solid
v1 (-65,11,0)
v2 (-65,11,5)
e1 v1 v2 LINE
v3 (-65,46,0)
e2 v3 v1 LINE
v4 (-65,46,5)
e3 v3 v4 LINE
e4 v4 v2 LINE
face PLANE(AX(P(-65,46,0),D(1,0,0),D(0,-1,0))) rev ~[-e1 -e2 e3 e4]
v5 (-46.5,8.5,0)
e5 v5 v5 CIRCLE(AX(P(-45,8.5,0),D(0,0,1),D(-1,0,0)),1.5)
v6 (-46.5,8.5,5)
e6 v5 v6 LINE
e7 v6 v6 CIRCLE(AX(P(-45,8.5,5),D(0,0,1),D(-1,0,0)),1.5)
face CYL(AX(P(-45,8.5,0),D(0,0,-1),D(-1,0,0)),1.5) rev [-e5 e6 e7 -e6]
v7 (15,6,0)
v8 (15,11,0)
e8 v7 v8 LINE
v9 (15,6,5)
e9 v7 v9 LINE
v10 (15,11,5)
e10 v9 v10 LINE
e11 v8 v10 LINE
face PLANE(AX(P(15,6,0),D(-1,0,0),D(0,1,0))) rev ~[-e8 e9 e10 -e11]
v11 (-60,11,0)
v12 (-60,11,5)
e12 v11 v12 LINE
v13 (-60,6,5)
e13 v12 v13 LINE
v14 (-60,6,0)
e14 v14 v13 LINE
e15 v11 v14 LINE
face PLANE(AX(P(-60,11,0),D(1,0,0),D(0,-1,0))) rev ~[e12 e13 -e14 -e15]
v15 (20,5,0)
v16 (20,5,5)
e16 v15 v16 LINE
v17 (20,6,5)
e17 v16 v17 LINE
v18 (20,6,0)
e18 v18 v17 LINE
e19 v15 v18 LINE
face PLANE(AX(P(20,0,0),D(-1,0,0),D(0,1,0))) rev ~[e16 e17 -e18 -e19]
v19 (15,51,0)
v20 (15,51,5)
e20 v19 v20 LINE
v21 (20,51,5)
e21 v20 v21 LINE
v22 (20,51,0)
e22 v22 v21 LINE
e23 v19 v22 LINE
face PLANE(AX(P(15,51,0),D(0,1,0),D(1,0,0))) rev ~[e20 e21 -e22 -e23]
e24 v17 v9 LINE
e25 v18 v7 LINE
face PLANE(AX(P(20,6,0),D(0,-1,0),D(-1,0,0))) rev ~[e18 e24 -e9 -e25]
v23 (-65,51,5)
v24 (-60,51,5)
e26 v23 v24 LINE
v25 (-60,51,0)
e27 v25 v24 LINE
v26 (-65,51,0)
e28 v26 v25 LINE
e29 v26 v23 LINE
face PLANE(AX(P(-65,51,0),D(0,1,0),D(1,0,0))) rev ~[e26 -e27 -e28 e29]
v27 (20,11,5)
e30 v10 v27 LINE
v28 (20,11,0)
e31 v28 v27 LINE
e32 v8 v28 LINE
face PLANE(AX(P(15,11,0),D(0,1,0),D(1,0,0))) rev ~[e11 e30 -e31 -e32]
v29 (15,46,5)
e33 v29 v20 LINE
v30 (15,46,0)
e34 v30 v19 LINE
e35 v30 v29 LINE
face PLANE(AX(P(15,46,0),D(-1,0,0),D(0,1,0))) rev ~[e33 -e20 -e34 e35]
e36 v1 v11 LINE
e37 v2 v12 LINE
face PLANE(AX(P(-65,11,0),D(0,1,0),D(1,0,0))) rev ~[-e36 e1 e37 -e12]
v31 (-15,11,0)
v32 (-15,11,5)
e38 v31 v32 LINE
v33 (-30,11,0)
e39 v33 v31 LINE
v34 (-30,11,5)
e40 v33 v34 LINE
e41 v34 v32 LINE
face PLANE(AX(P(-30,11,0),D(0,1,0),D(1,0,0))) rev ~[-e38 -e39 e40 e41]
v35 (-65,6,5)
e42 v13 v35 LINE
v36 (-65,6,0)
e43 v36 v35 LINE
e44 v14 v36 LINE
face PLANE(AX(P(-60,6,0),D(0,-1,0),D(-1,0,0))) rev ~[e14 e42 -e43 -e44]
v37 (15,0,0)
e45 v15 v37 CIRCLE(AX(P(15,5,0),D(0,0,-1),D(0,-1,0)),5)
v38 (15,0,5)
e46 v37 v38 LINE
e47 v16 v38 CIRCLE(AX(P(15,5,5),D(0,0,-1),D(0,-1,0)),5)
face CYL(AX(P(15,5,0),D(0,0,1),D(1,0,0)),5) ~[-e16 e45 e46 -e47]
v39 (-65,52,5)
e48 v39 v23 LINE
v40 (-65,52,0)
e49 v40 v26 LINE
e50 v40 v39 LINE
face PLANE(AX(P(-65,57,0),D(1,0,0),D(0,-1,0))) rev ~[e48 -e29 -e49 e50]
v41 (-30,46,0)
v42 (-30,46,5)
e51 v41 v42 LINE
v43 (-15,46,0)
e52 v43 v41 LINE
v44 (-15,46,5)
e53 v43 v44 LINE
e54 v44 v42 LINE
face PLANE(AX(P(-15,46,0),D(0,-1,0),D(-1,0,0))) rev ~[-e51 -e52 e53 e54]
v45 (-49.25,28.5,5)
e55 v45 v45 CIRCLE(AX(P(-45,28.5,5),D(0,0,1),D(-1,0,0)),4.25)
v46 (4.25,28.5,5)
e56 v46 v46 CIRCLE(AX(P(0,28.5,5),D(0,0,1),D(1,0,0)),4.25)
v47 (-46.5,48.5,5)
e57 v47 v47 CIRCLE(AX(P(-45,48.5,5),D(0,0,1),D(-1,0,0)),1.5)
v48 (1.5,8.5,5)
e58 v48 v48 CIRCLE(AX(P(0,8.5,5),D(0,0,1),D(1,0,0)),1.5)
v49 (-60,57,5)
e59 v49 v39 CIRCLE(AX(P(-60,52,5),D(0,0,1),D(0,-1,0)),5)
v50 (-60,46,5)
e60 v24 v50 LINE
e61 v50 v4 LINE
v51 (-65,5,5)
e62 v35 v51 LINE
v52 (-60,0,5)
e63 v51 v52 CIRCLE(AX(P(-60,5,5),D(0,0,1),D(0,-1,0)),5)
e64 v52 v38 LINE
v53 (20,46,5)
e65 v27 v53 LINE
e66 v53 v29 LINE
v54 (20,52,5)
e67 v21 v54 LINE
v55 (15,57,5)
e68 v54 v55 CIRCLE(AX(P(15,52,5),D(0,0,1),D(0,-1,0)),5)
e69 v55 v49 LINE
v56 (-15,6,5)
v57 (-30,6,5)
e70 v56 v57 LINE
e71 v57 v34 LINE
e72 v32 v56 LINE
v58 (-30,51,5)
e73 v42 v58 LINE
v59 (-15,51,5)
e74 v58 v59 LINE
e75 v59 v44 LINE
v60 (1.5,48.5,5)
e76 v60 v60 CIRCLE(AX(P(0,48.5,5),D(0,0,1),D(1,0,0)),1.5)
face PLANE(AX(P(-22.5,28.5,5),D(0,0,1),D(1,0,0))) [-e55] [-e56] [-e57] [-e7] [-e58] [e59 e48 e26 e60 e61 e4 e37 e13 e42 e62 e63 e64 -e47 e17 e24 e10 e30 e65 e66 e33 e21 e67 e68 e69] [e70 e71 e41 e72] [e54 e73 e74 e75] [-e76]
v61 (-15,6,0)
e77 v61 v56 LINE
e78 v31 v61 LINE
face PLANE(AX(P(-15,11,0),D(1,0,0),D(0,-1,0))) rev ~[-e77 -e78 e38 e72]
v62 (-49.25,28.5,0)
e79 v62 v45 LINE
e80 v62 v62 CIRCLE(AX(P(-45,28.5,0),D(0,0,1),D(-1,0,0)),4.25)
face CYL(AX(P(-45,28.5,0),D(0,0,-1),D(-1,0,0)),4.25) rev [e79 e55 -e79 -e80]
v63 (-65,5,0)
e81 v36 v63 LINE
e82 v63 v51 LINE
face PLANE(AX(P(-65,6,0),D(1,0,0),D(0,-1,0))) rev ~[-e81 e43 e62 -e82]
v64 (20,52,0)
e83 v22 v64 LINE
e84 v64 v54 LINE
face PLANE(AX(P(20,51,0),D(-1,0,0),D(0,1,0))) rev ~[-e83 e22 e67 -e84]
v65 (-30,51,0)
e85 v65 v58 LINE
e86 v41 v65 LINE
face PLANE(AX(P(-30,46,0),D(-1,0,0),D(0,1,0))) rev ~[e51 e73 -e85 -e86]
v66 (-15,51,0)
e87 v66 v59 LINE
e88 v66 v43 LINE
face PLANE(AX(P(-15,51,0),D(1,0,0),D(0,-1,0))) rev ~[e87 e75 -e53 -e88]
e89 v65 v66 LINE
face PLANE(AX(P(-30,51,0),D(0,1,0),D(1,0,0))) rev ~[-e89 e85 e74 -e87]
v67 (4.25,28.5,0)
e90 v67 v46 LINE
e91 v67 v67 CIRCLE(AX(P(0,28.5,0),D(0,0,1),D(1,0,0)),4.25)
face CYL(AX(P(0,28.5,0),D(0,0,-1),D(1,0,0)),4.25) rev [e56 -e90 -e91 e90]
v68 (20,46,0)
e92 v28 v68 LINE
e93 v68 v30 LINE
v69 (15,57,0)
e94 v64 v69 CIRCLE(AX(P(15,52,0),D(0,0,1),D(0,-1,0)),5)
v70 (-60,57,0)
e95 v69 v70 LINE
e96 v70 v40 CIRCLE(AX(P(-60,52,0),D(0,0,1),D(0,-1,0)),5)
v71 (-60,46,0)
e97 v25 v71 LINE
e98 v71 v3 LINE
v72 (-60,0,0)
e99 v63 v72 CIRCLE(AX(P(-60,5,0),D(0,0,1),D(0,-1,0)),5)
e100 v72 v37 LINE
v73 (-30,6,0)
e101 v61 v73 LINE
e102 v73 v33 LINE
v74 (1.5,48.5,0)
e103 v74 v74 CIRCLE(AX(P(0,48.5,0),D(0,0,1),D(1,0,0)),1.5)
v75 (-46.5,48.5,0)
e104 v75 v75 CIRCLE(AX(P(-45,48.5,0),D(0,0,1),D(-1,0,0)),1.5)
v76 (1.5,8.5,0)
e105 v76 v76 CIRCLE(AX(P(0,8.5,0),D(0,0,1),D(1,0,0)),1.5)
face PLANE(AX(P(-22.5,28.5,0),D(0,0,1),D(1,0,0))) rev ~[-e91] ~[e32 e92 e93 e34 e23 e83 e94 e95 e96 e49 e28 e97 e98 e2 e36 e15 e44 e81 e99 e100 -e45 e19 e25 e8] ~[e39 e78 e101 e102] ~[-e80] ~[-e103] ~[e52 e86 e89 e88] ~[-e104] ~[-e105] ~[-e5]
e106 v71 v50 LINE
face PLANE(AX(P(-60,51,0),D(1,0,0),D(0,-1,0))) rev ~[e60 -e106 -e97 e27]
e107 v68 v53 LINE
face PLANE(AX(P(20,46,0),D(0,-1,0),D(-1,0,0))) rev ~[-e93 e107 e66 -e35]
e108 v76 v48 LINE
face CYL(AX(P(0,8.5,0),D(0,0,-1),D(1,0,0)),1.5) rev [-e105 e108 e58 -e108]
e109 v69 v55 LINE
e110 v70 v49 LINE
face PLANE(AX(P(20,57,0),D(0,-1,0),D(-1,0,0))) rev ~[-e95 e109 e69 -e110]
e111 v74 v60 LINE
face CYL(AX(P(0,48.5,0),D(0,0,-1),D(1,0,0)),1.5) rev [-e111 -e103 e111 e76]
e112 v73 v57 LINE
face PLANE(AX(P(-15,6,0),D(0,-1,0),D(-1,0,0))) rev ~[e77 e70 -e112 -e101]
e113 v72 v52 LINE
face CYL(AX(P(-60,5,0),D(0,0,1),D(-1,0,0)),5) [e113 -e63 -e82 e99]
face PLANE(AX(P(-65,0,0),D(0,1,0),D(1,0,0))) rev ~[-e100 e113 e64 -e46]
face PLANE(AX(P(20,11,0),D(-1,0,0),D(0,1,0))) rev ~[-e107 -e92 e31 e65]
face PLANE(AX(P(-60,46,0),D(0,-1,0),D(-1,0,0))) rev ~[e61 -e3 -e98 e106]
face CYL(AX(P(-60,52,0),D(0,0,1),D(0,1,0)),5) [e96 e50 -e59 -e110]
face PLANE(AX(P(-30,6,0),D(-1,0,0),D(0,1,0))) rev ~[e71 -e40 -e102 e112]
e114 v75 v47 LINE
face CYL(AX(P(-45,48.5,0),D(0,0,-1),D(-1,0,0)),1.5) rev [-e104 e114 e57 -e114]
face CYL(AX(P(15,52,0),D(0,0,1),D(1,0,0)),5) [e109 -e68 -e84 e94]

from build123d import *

# Parameters (mm, degrees)
ESQUISSE1_R        = 1.5
ESQUISSE1_R_2      = 4.25
BOSS_EXTRU_1_DEPTH = 5
CONG_1_R           = 5


with BuildPart() as part:
    # Esquisse1 → Boss.-Extru.1 (new body)
    with BuildSketch(Plane.XY):
        Polygon((-20, 0), (20, 0), (20, 6), (15, 6), (15, 11), (20, 11), (20, 46), (15, 46), (15, 51), (20, 51), (20, 57), (-20, 57), (-25, 57), (-65, 57), (-65, 51), (-60, 51), (-60, 46), (-65, 46), (-65, 11), (-60, 11), (-60, 6), (-65, 6), (-65, 0), (-25, 0), align=None)
        with Locations((0, 48.5)):
            Circle(ESQUISSE1_R, mode=Mode.SUBTRACT)
        with Locations((0, 8.5)):
            Circle(ESQUISSE1_R, mode=Mode.SUBTRACT)
        with Locations((0, 28.5)):
            Circle(ESQUISSE1_R_2, mode=Mode.SUBTRACT)
        with Locations(Location((-45, 8.5, 0), (0, 0, 180))):
            Circle(ESQUISSE1_R, mode=Mode.SUBTRACT)
        with Locations(Location((-45, 28.5, 0), (0, 0, 180))):
            Circle(ESQUISSE1_R_2, mode=Mode.SUBTRACT)
        with Locations(Location((-45, 48.5, 0), (0, 0, 180))):
            Circle(ESQUISSE1_R, mode=Mode.SUBTRACT)
        Polygon((-20, 51), (-15, 51), (-15, 46), (-20, 46), (-25, 46), (-30, 46), (-30, 51), (-25, 51), align=None, mode=Mode.SUBTRACT)
        Polygon((-20, 11), (-15, 11), (-15, 6), (-20, 6), (-25, 6), (-30, 6), (-30, 11), (-25, 11), align=None, mode=Mode.SUBTRACT)
    extrude(amount=BOSS_EXTRU_1_DEPTH)

    # Congé1
    cong_1_edges = [part.edges().sort_by_distance(p)[0] for p in [
        (-65, 0, 2.5),
        (-65, 57, 2.5),
        (20, 57, 2.5),
        (20, 0, 2.5),
    ]]
    fillet(cong_1_edges, radius=CONG_1_R)


solid = part.part
